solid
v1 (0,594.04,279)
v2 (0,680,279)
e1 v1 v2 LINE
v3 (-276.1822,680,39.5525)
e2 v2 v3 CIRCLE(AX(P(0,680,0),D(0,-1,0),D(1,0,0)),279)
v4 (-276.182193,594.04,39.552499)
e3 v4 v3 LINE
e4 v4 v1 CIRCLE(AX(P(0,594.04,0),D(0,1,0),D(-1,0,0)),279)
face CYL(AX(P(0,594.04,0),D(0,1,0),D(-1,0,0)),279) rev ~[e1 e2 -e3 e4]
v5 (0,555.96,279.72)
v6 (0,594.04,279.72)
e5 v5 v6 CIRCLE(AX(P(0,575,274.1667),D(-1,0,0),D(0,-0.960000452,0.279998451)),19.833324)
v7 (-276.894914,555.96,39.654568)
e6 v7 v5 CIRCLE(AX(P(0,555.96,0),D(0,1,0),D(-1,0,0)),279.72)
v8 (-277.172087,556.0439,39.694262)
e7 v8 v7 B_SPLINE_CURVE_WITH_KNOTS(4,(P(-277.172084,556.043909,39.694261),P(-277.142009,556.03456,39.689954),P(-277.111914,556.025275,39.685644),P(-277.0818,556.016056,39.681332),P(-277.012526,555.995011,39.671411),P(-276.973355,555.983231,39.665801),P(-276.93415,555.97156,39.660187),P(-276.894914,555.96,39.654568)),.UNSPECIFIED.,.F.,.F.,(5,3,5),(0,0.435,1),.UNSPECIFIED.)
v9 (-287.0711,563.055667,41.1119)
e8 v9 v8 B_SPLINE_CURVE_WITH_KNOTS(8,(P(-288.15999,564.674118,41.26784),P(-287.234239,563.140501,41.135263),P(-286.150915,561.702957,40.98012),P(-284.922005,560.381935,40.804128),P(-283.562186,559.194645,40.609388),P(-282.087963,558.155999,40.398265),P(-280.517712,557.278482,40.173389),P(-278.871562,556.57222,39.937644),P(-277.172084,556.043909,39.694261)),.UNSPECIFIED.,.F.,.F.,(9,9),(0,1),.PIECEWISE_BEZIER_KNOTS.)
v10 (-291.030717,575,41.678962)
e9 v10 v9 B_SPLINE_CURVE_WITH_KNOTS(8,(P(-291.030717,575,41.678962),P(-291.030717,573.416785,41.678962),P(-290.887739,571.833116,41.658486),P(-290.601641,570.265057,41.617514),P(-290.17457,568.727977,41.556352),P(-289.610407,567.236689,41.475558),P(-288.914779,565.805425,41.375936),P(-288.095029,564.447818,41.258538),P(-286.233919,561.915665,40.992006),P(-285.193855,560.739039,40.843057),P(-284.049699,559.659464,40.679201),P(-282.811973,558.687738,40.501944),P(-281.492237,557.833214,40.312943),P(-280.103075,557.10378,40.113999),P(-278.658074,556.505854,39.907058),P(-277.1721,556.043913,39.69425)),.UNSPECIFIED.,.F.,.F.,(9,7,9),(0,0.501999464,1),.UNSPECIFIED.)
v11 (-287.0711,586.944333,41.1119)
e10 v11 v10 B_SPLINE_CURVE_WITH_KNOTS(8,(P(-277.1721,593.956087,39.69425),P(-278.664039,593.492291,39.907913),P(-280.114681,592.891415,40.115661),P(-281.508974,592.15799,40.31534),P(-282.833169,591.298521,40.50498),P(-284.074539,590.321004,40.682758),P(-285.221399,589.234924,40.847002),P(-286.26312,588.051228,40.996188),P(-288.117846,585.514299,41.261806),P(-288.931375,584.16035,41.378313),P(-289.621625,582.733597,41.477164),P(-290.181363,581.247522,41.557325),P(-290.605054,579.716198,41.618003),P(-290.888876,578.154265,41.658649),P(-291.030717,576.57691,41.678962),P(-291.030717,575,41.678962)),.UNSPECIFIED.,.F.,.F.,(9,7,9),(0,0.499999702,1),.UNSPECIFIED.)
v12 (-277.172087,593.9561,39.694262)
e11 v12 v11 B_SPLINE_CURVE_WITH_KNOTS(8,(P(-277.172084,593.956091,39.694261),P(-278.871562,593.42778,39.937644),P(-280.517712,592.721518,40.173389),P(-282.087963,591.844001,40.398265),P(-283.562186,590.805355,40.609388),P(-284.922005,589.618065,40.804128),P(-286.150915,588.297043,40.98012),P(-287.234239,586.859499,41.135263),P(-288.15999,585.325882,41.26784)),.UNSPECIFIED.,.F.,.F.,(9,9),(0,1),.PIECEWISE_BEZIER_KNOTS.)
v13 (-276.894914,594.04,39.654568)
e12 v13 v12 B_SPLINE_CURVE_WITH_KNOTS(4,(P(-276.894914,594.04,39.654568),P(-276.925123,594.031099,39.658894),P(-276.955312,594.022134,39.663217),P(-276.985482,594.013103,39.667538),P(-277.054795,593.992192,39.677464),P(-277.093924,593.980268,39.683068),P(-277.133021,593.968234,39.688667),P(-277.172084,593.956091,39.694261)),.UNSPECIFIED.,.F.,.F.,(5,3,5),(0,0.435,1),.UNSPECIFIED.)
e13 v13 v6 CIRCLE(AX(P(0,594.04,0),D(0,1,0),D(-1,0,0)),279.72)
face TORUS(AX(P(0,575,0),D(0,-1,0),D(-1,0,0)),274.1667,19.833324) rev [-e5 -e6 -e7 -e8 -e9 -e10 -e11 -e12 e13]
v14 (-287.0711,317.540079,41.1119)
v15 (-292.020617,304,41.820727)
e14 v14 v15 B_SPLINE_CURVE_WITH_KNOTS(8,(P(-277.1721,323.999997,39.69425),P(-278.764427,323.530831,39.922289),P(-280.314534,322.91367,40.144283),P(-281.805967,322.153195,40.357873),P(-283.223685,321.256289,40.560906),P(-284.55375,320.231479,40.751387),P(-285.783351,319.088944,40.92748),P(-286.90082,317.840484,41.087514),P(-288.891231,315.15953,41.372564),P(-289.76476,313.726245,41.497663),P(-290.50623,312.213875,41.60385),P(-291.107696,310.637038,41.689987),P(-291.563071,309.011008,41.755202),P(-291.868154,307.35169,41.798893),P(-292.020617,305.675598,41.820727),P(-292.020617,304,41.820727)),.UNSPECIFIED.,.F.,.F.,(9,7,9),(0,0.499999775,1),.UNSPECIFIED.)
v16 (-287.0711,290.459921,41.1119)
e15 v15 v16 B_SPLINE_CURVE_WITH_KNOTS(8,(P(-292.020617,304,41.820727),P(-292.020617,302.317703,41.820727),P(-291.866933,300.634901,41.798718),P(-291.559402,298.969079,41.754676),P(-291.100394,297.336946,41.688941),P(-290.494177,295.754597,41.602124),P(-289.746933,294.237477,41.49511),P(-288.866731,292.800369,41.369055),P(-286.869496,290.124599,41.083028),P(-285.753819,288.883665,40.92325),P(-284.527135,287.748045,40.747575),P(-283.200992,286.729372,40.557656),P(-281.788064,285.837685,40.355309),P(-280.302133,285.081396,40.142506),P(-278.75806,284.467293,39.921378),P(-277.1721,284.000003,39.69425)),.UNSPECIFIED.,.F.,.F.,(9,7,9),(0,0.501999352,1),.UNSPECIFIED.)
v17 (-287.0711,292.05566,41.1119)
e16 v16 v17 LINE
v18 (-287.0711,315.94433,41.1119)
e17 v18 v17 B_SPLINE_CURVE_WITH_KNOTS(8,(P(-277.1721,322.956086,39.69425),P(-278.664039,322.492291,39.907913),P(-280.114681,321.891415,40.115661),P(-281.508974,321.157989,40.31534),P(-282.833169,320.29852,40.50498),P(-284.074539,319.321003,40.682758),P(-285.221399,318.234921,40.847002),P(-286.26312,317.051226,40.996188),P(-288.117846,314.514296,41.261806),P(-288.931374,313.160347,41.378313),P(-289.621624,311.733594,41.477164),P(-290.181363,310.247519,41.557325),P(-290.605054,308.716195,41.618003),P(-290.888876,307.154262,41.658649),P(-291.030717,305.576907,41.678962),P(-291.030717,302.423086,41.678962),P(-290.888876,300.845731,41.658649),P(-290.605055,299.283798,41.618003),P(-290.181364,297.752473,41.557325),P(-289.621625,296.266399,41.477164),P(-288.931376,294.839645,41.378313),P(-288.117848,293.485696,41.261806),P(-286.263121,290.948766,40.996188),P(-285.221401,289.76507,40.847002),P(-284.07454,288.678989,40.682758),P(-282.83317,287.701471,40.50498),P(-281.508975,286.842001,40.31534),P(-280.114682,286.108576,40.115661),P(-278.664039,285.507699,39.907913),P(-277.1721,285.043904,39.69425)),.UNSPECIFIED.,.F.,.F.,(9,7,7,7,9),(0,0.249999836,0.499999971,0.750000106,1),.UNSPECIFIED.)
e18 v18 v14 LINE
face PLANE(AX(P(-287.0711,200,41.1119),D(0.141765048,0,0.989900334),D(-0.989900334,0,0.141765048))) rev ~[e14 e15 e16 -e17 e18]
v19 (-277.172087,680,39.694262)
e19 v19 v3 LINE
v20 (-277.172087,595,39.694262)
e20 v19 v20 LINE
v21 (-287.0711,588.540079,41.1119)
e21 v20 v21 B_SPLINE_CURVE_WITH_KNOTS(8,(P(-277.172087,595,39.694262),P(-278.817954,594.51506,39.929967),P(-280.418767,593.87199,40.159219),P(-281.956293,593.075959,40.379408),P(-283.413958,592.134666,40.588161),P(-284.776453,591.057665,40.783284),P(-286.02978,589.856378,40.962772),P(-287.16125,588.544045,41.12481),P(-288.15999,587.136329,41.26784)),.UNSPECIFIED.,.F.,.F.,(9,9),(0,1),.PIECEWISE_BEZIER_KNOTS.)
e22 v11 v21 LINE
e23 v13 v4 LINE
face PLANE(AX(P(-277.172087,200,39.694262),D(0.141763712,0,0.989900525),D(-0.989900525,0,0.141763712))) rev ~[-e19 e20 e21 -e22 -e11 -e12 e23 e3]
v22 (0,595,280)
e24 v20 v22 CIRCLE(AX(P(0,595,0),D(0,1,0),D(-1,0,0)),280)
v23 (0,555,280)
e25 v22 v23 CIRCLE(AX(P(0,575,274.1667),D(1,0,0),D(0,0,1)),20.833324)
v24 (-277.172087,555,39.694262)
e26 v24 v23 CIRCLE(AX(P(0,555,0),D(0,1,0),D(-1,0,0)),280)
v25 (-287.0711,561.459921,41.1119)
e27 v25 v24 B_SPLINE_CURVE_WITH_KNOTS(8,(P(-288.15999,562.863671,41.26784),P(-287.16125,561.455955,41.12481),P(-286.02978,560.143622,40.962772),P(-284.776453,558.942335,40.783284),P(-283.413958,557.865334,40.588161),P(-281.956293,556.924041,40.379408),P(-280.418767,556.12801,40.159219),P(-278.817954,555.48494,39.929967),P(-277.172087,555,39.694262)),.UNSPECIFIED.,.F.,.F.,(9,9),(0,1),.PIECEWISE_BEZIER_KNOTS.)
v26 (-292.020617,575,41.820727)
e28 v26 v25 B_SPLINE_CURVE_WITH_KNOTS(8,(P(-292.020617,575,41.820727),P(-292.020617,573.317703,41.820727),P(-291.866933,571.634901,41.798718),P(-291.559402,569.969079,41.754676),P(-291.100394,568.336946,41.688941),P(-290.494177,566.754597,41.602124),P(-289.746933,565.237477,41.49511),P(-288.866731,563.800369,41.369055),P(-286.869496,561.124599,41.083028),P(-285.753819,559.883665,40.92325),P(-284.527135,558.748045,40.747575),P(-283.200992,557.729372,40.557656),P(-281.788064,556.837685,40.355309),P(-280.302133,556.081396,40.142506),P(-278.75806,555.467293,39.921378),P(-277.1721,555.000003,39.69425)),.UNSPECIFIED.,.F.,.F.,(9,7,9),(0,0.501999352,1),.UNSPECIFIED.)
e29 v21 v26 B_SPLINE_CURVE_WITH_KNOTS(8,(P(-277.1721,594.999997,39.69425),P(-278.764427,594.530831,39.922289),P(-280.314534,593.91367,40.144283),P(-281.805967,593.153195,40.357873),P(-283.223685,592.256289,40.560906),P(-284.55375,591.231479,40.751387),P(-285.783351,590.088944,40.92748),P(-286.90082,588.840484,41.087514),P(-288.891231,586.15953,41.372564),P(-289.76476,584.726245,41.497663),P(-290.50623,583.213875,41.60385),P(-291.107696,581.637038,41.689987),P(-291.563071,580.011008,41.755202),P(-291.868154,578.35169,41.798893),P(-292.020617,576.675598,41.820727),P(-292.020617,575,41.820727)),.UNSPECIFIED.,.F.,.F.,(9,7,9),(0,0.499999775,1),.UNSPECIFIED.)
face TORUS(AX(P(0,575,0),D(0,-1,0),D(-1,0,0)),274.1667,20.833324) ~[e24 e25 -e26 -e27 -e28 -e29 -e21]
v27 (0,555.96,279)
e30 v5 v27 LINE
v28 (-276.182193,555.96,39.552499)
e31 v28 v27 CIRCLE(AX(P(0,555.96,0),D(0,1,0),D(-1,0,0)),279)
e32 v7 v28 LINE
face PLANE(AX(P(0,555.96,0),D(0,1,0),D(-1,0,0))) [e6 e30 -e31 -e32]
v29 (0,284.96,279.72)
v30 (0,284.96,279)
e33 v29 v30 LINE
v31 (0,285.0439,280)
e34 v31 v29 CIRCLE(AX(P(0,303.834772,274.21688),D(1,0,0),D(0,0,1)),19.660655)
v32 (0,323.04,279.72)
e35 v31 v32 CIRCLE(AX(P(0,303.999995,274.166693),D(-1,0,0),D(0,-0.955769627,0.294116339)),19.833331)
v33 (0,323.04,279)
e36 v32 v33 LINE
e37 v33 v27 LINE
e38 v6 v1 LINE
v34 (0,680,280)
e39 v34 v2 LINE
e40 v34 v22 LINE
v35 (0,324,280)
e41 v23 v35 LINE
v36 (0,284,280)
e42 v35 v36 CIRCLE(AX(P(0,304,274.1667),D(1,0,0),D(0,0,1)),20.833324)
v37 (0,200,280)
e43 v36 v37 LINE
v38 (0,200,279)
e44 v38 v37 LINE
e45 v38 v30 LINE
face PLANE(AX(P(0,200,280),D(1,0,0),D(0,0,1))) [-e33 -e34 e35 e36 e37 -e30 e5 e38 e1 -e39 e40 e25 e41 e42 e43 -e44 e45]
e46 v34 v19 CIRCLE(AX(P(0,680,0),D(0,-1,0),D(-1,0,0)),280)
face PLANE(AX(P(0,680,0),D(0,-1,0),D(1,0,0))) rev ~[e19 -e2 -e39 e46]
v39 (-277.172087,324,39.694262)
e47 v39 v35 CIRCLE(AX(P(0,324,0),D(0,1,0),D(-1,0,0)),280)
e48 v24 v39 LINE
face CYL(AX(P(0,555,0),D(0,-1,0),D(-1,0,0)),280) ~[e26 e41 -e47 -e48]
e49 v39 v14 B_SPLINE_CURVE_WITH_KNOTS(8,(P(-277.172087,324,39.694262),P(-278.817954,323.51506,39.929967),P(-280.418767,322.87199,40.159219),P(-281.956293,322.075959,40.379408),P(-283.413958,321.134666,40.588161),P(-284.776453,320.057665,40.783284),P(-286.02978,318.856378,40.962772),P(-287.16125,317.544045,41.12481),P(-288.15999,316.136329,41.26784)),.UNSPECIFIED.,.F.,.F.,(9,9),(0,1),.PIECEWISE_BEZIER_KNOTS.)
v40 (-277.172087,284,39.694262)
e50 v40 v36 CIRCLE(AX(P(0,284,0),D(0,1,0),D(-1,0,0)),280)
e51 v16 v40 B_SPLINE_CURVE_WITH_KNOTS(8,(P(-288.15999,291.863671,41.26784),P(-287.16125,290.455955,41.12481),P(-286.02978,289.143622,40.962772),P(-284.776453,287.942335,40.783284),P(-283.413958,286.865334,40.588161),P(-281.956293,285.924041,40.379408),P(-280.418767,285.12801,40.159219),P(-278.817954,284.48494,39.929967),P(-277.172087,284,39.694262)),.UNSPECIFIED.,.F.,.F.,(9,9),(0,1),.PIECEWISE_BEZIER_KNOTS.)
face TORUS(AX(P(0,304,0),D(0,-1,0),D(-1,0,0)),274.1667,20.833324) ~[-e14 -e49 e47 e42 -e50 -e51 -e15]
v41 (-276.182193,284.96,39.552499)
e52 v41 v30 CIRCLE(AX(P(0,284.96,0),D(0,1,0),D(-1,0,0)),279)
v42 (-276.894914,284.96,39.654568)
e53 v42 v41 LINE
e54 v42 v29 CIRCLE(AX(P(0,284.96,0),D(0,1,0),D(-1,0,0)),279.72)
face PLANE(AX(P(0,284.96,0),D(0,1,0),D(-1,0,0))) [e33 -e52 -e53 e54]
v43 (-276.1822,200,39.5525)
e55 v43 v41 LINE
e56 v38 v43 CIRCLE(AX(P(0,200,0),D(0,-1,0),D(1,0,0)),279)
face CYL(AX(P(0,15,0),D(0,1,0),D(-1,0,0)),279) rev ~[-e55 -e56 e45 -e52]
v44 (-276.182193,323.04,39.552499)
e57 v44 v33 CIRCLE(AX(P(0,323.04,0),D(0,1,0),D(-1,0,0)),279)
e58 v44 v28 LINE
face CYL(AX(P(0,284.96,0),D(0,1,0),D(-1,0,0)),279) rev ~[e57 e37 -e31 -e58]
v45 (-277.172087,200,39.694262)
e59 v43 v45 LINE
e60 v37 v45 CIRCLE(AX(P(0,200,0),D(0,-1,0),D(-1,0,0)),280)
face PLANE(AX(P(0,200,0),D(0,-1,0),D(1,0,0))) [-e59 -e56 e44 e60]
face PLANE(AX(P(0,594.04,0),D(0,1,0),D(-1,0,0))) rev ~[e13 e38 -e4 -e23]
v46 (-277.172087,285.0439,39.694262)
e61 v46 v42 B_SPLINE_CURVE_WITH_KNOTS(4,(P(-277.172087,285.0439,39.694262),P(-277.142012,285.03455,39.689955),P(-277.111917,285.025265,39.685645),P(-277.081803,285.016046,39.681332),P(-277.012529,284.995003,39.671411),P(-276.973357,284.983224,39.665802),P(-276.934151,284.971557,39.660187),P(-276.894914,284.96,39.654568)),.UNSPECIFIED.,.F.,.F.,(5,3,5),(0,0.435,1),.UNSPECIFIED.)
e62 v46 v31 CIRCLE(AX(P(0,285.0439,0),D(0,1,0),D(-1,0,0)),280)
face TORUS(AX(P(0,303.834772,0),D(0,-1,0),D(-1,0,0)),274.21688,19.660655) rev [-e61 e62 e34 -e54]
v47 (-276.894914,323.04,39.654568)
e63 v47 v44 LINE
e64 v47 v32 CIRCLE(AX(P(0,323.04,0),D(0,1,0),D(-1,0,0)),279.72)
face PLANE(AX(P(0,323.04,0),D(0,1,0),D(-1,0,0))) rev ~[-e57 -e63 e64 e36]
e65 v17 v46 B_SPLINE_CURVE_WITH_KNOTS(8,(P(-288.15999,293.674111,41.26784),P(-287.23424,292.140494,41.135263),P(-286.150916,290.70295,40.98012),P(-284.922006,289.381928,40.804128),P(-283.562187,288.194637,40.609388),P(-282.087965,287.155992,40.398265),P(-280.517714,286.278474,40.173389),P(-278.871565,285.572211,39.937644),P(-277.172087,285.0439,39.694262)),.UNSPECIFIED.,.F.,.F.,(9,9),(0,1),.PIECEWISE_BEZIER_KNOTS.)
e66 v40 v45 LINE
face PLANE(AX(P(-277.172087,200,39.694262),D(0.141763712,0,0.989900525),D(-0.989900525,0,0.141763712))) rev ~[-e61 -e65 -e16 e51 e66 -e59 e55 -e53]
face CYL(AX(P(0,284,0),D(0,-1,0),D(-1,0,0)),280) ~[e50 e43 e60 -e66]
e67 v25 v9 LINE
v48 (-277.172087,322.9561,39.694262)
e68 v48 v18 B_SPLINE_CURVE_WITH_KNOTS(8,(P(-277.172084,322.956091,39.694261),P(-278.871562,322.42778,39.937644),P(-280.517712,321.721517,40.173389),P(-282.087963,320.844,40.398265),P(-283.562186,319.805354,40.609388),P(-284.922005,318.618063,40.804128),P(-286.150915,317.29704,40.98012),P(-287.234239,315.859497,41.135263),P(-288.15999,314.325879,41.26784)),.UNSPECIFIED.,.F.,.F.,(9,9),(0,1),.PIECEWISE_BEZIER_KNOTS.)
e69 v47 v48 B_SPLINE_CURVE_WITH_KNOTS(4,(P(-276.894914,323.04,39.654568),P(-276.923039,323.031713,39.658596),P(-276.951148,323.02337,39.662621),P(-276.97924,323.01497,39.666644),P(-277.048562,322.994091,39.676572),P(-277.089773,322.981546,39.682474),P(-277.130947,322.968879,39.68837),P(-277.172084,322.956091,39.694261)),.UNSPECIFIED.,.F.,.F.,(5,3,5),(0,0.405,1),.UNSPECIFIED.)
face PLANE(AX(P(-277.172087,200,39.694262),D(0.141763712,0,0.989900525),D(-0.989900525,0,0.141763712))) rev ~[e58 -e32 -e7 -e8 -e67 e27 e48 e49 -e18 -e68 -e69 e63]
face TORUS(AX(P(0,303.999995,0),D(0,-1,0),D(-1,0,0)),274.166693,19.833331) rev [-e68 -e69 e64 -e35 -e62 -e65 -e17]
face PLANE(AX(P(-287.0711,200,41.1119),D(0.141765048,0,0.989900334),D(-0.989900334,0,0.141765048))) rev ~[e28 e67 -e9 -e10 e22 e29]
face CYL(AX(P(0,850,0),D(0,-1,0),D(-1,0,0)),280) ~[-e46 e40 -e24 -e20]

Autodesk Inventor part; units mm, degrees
ref_plane "YZ Plane" through (0, 0, 0) normal (1, 0, 0) x (0, 1, 0)
ref_plane "XZ Plane" through (0, 0, 0) normal (0, 1, 0) x (-1, 0, 0)
sketch "Sketch1" plane through (0, 0, 0) normal (0, 0, 1) x (1, 0, 0)
  line L0 (0, 0) -> (0, 15)
  line L1 (0, 850) -> (-280, 850)
  line L2 (-280, 850) -> (-280, 595)
  line L3 (-280, 0) -> (0, 0)
  arc A0 (-280, 324) -> (-280, 284) centre (-274.1667, 304) ccw
  line L4 (-280, 0) -> (-278, 0)
  line L5 (-278, 0) -> (-278, 15)
  line L6 (-278, 15) -> (0, 15)
  arc A1 (-280, 595) -> (-280, 555) centre (-274.1667, 575) ccw
  line L7 (-278, 15) -> (-280, 15)
  line L8 (-280, 15) -> (-280, 0)
  line L9 (0, 15) -> (0, 850)
  line L10 (-279, 15) -> (-279, 284.96)
  line L11 (-279, 849) -> (-1, 849)
  line L12 (-1, 849) -> (-1, 15)
  line L13 (-279, 849) -> (-279, 850)
  line L14 (-279, 16) -> (-1, 16)
  line L15 (-1, 16) -> (0, 16)
  arc A2 (-279.72, 594.04) -> (-279.72, 555.96) centre (-274.1667, 575) ccw
  line L16 (-279.72, 555.96) -> (-279, 555.96)
  line L17 (-279.72, 594.04) -> (-279, 594.04)
  line L18 (-279, 594.04) -> (-279, 849)
  line L19 (-279, 555.96) -> (-279, 594.04)
  line L20 (-280, 556.0439) -> (-280, 555)
  line L21 (-280, 593.9561) -> (-280, 556.0439)
  line L22 (-280, 595) -> (-280, 593.9561)
  line L23 (-280, 555) -> (-280, 324)
  arc A3 (-279.72, 323.04) -> (-280, 285.0439) centre (-274.1667, 304) ccw
  line L24 (-279.72, 323.04) -> (-279, 323.04)
  line L25 (-279.72, 284.96) -> (-279, 284.96)
  arc A4 (-280, 285.0439) -> (-279.72, 284.96) centre (-274.1667, 304) ccw
  line L26 (-280, 284) -> (-280, 15)
  line L27 (-279, 284.96) -> (-279, 555.96)
  line L28 (-280, 322.9561) -> (-280, 284)
  line L29 (-280, 324) -> (-280, 322.9561)
  point P0 (-295, 304)
  point P1 (-295, 575)
  dimension "d0" = 850
  dimension "d1" = 280
  dimension "d2" = 40
  dimension "d3" = 15
  dimension "d5" = 2
  dimension "d6" = 15
  dimension "d7" = 284
  dimension "d8" = 40
  dimension "d9" = 15
  dimension "d10" = 255
  dimension "d14" = 1
  dimension "d15" = 1
  dimension "d16" = 1
  dimension "d17" = 1
revolve "Revolution1" add sketch "Sketch1" angle 360 about axis through (0, 15, 0) along (0, 1, 0) contours L6 L12 L15 L9 | L3 L8 L7 L5 | L6 L7 L10 L14 L12 | L26 L28 A4 L25 L10 L7 | L13 L18 L17 A2 L22 L2 L1 | A0 L29 A3 L28 | L23 L20 A2 L16 L27 L24 A3 L29 | L22 A2 L20 A1
ref_plane "Work Plane2" through (0, 200, 0) normal (0, -1, 0) x (1, 0, 0)
sketch "Sketch5" plane through (0, 200, 0) normal (0, -1, 0) x (1, 0, 0)
  circle A0 centre (0, 0) radius 280 projected
  circle A1 centre (0, 0) radius 280 projected
  circle A2 centre (0, 0) radius 280 projected
  circle A3 centre (0, 0) radius 280 projected
  circle A4 centre (0, 0) radius 290
  line L0 (0, 0) -> (-276.1822, 39.5525)
  line L1 (0, 0) -> (276.1822, 39.5525)
  line L2 (0, 0) -> (0, 290)
  circle A5 centre (0, 0) radius 279 projected
  line L3 (-276.1822, 39.5525) -> (-287.0711, 41.1119)
  line L4 (276.1822, 39.5525) -> (287.0711, 41.1119)
  circle A6 centre (0, 0) radius 390
  line L5 (-287.0711, 41.1119) -> (-386.0611, 55.2884)
  line L6 (276.1822, 39.5525) -> (386.0611, 55.2884)
  line L7 (0, 279) -> (0, 390)
  dimension "d29" = 10
  dimension "d30" = 81.85
  dimension "d31" = 163.7
  dimension "d32" = 100
extrude "Extrusion2" cut sketch "Sketch5" against normal blind 480 contours L3 A4 L2 A0 | A0 L2 A5 L3 | L5 A6 L7 A4 keep common part
properties part number "Fass"
